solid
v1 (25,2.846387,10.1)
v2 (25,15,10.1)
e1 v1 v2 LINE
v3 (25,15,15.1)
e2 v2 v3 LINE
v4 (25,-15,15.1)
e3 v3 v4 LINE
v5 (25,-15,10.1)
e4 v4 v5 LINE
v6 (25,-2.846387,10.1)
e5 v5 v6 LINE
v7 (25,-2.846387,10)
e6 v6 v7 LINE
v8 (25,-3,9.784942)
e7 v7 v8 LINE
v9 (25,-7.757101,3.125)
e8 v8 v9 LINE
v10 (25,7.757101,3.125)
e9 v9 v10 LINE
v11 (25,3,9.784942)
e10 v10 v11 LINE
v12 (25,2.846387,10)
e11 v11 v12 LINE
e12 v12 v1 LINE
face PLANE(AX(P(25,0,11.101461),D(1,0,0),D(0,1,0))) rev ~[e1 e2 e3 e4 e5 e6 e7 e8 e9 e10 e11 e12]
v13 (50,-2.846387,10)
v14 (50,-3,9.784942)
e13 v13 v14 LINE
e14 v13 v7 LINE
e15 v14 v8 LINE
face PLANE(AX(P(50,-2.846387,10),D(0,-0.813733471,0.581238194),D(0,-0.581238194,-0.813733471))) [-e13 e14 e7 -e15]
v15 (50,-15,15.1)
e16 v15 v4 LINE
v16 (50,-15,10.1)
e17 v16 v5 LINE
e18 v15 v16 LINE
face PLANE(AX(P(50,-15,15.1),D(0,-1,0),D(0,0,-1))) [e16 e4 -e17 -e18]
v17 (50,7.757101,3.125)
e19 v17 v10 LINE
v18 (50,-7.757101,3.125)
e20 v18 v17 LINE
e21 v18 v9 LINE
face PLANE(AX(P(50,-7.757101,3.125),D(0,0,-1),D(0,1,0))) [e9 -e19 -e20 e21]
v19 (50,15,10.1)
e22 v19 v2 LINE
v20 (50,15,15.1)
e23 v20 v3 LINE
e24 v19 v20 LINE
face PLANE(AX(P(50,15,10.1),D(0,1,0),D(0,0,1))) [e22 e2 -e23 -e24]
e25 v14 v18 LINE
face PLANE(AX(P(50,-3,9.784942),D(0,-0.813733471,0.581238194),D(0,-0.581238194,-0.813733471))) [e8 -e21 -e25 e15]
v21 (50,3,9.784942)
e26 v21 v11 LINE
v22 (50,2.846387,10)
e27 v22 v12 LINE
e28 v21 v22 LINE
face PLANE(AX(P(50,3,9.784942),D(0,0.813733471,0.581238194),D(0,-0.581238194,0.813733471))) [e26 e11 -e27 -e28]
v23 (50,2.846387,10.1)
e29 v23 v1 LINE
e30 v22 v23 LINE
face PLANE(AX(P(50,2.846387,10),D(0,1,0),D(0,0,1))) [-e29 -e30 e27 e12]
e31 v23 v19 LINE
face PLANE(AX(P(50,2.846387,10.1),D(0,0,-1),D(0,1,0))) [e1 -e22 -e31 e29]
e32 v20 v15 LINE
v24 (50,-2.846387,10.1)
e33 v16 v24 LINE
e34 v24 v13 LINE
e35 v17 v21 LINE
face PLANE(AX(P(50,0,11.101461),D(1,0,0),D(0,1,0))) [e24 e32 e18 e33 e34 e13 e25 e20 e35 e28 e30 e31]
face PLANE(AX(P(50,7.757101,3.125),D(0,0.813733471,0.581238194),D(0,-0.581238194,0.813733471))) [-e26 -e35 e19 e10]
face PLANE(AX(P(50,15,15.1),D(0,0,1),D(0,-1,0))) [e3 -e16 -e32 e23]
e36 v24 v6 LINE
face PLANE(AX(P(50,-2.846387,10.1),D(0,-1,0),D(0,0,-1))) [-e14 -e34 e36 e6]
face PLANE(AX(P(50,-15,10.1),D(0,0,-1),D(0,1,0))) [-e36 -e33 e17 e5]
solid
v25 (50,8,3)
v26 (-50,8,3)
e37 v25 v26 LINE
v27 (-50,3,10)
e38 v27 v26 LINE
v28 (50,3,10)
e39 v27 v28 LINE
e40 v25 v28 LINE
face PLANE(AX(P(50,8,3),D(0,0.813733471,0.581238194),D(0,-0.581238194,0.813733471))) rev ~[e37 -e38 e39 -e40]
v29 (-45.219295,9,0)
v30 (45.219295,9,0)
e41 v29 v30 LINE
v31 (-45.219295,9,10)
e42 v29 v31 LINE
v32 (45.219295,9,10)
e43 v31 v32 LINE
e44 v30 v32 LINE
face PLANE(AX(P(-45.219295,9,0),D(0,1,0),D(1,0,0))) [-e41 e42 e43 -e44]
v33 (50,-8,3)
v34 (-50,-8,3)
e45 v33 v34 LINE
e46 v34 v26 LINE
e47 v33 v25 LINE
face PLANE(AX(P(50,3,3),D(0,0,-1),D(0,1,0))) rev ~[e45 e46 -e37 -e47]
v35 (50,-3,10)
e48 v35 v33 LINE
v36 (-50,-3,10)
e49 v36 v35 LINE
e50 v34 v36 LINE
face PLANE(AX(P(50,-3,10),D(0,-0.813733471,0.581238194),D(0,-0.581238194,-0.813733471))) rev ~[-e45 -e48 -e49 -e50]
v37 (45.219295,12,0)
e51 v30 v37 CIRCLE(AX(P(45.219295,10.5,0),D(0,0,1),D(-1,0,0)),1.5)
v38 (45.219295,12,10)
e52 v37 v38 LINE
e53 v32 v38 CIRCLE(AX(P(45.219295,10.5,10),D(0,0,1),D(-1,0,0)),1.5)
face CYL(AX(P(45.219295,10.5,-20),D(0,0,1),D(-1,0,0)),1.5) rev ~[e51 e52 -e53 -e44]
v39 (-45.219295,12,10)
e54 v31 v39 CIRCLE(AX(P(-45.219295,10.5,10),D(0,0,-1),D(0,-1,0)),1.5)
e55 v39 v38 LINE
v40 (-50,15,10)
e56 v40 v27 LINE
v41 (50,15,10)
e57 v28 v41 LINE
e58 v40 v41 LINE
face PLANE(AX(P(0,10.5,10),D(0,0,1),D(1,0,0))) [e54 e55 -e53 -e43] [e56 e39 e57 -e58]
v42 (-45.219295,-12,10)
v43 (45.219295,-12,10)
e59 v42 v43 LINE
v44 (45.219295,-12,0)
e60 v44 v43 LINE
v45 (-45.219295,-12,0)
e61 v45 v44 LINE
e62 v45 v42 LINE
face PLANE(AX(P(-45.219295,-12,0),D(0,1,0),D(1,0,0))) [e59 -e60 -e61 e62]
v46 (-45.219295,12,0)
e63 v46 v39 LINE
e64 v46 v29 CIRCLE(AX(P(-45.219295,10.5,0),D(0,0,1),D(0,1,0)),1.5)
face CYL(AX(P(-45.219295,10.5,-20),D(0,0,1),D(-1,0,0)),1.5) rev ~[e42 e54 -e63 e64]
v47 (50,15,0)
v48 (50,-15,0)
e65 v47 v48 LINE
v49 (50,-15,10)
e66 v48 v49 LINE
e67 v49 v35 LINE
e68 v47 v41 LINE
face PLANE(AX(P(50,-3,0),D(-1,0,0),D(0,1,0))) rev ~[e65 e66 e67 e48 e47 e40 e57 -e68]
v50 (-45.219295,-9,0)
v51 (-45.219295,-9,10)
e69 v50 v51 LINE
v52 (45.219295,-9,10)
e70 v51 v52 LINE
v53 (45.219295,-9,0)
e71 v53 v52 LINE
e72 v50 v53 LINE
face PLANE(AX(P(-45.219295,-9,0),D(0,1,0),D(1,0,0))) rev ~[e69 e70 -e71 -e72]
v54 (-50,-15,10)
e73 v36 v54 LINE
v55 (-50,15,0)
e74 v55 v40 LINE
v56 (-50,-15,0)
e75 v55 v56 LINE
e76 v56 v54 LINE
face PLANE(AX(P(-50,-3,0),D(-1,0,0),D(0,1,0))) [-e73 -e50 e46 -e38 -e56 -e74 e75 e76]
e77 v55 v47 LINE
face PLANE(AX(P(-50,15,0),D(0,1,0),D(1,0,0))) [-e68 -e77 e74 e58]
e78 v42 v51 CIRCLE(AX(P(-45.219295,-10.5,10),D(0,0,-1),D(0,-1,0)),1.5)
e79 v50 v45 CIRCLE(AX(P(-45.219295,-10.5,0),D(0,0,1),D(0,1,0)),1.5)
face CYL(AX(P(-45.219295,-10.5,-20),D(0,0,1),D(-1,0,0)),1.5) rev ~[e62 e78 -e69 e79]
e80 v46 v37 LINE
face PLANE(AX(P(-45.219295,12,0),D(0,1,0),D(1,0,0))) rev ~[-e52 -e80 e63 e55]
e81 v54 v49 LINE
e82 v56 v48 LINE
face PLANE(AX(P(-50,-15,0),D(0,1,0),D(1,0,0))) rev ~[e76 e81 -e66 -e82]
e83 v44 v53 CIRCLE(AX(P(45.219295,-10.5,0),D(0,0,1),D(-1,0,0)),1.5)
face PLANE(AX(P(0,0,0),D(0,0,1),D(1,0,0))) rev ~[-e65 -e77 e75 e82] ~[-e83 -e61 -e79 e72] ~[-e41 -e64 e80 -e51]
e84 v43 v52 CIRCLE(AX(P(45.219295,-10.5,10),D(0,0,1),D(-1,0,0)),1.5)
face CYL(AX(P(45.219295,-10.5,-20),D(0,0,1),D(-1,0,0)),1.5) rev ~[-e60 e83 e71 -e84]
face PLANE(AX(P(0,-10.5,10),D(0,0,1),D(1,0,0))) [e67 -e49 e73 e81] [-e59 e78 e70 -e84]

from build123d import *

# Parameters (mm, degrees)
F0_W     = 100
F0_H     = 9
F0_W_2   = 90.4385894537
F0_H_2   = 3
F1_DEPTH = 10
F0_H_3   = 6
F2_DEPTH = 3
F3_D     = 3
F3_DEPTH = 20
F3_TIP   = 0.9012909285
F5_DEPTH = 100.001
F6_DEPTH = 25


with BuildPart() as f1:
    # F0 (on Top) → F1 (new body)
    with BuildSketch(Plane.XY):
        with Locations((0, 10.5)):
            Rectangle(F0_W, F0_H)
        with Locations((0, 10.5)):
            Rectangle(F0_W_2, F0_H_2, mode=Mode.SUBTRACT)
        with Locations((0, 4.5)):
            Rectangle(F0_W, F0_H_2)
    extrude(amount=F1_DEPTH)



with BuildPart() as f1b:
    # F0 (on Top) → F1, piece 2 (new body)
    with BuildSketch(Plane.XY):
        with Locations((0, -10.5)):
            Rectangle(F0_W, F0_H)
        with Locations((0, -10.5)):
            Rectangle(F0_W_2, F0_H_2, mode=Mode.SUBTRACT)
        with Locations((0, -4.5)):
            Rectangle(F0_W, F0_H_2)
    extrude(amount=F1_DEPTH)


with BuildPart() as f1_1:
    add(f1.part)

    add(f1b.part)  # F2 merges F1b
    # F0 (on Top) → F2 (join)
    with BuildSketch(Plane.XY):
        Rectangle(F0_W, F0_H_3)
    extrude(amount=F2_DEPTH)

    # F3
    with Locations(Plane(origin=(0, 0, 0), x_dir=(1, 0, 0), z_dir=(0, 0, -1))):
        with Locations((-45.2192947268, 10.5), (45.2192947268, 10.5), (-45.2192947268, -10.5), (45.2192947268, -10.5)):
            Hole(F3_D / 2, depth=F3_DEPTH)
            with Locations((0, 0, -(F3_DEPTH + F3_TIP / 2))):  # 118° drill point
                Cone(0, F3_D / 2, F3_TIP, mode=Mode.SUBTRACT)

    # F4 (on face) → F5 (cut, through all)
    with BuildSketch(Plane.YZ.offset(50)):
        Polygon((-3, 3), (-3, 3.125), (-7.7571013345, 3.125), (-3, 9.7849418683), (-3, 10), (-8, 3), align=None)
        Polygon((3, 3.125), (3, 3), (8, 3), (3, 10), (3, 9.7849418683), (7.7571013345, 3.125), align=None)
        Polygon((-7.7571013345, 3.125), (-3, 3.125), (-3, 9.7849418683), align=None)
        Polygon((-3, 3.125), (3, 3.125), (3, 9.7849418683), (2.8463870488, 10), (2.8463870488, 10.1), (15, 10.1), (15, 15.1), (-15, 15.1), (-15, 10.1), (-2.8463870488, 10.1), (-2.8463870488, 10), (-3, 9.7849418683), align=None)
        Polygon((3, 9.7849418683), (3, 3.125), (7.7571013345, 3.125), align=None)
    extrude(amount=-F5_DEPTH, mode=Mode.SUBTRACT)


with BuildPart() as f6:
    # F4 (on face) → F6 (new body)
    with BuildSketch(Plane.YZ.offset(50)):
        Polygon((-3, 3.125), (3, 3.125), (3, 9.7849418683), (2.8463870488, 10), (2.8463870488, 10.1), (15, 10.1), (15, 15.1), (-15, 15.1), (-15, 10.1), (-2.8463870488, 10.1), (-2.8463870488, 10), (-3, 9.7849418683), align=None)
        Polygon((-7.7571013345, 3.125), (-3, 3.125), (-3, 9.7849418683), align=None)
        Polygon((3, 9.7849418683), (3, 3.125), (7.7571013345, 3.125), align=None)
    extrude(amount=-F6_DEPTH)


solid = Compound([f1_1.part, f6.part])
